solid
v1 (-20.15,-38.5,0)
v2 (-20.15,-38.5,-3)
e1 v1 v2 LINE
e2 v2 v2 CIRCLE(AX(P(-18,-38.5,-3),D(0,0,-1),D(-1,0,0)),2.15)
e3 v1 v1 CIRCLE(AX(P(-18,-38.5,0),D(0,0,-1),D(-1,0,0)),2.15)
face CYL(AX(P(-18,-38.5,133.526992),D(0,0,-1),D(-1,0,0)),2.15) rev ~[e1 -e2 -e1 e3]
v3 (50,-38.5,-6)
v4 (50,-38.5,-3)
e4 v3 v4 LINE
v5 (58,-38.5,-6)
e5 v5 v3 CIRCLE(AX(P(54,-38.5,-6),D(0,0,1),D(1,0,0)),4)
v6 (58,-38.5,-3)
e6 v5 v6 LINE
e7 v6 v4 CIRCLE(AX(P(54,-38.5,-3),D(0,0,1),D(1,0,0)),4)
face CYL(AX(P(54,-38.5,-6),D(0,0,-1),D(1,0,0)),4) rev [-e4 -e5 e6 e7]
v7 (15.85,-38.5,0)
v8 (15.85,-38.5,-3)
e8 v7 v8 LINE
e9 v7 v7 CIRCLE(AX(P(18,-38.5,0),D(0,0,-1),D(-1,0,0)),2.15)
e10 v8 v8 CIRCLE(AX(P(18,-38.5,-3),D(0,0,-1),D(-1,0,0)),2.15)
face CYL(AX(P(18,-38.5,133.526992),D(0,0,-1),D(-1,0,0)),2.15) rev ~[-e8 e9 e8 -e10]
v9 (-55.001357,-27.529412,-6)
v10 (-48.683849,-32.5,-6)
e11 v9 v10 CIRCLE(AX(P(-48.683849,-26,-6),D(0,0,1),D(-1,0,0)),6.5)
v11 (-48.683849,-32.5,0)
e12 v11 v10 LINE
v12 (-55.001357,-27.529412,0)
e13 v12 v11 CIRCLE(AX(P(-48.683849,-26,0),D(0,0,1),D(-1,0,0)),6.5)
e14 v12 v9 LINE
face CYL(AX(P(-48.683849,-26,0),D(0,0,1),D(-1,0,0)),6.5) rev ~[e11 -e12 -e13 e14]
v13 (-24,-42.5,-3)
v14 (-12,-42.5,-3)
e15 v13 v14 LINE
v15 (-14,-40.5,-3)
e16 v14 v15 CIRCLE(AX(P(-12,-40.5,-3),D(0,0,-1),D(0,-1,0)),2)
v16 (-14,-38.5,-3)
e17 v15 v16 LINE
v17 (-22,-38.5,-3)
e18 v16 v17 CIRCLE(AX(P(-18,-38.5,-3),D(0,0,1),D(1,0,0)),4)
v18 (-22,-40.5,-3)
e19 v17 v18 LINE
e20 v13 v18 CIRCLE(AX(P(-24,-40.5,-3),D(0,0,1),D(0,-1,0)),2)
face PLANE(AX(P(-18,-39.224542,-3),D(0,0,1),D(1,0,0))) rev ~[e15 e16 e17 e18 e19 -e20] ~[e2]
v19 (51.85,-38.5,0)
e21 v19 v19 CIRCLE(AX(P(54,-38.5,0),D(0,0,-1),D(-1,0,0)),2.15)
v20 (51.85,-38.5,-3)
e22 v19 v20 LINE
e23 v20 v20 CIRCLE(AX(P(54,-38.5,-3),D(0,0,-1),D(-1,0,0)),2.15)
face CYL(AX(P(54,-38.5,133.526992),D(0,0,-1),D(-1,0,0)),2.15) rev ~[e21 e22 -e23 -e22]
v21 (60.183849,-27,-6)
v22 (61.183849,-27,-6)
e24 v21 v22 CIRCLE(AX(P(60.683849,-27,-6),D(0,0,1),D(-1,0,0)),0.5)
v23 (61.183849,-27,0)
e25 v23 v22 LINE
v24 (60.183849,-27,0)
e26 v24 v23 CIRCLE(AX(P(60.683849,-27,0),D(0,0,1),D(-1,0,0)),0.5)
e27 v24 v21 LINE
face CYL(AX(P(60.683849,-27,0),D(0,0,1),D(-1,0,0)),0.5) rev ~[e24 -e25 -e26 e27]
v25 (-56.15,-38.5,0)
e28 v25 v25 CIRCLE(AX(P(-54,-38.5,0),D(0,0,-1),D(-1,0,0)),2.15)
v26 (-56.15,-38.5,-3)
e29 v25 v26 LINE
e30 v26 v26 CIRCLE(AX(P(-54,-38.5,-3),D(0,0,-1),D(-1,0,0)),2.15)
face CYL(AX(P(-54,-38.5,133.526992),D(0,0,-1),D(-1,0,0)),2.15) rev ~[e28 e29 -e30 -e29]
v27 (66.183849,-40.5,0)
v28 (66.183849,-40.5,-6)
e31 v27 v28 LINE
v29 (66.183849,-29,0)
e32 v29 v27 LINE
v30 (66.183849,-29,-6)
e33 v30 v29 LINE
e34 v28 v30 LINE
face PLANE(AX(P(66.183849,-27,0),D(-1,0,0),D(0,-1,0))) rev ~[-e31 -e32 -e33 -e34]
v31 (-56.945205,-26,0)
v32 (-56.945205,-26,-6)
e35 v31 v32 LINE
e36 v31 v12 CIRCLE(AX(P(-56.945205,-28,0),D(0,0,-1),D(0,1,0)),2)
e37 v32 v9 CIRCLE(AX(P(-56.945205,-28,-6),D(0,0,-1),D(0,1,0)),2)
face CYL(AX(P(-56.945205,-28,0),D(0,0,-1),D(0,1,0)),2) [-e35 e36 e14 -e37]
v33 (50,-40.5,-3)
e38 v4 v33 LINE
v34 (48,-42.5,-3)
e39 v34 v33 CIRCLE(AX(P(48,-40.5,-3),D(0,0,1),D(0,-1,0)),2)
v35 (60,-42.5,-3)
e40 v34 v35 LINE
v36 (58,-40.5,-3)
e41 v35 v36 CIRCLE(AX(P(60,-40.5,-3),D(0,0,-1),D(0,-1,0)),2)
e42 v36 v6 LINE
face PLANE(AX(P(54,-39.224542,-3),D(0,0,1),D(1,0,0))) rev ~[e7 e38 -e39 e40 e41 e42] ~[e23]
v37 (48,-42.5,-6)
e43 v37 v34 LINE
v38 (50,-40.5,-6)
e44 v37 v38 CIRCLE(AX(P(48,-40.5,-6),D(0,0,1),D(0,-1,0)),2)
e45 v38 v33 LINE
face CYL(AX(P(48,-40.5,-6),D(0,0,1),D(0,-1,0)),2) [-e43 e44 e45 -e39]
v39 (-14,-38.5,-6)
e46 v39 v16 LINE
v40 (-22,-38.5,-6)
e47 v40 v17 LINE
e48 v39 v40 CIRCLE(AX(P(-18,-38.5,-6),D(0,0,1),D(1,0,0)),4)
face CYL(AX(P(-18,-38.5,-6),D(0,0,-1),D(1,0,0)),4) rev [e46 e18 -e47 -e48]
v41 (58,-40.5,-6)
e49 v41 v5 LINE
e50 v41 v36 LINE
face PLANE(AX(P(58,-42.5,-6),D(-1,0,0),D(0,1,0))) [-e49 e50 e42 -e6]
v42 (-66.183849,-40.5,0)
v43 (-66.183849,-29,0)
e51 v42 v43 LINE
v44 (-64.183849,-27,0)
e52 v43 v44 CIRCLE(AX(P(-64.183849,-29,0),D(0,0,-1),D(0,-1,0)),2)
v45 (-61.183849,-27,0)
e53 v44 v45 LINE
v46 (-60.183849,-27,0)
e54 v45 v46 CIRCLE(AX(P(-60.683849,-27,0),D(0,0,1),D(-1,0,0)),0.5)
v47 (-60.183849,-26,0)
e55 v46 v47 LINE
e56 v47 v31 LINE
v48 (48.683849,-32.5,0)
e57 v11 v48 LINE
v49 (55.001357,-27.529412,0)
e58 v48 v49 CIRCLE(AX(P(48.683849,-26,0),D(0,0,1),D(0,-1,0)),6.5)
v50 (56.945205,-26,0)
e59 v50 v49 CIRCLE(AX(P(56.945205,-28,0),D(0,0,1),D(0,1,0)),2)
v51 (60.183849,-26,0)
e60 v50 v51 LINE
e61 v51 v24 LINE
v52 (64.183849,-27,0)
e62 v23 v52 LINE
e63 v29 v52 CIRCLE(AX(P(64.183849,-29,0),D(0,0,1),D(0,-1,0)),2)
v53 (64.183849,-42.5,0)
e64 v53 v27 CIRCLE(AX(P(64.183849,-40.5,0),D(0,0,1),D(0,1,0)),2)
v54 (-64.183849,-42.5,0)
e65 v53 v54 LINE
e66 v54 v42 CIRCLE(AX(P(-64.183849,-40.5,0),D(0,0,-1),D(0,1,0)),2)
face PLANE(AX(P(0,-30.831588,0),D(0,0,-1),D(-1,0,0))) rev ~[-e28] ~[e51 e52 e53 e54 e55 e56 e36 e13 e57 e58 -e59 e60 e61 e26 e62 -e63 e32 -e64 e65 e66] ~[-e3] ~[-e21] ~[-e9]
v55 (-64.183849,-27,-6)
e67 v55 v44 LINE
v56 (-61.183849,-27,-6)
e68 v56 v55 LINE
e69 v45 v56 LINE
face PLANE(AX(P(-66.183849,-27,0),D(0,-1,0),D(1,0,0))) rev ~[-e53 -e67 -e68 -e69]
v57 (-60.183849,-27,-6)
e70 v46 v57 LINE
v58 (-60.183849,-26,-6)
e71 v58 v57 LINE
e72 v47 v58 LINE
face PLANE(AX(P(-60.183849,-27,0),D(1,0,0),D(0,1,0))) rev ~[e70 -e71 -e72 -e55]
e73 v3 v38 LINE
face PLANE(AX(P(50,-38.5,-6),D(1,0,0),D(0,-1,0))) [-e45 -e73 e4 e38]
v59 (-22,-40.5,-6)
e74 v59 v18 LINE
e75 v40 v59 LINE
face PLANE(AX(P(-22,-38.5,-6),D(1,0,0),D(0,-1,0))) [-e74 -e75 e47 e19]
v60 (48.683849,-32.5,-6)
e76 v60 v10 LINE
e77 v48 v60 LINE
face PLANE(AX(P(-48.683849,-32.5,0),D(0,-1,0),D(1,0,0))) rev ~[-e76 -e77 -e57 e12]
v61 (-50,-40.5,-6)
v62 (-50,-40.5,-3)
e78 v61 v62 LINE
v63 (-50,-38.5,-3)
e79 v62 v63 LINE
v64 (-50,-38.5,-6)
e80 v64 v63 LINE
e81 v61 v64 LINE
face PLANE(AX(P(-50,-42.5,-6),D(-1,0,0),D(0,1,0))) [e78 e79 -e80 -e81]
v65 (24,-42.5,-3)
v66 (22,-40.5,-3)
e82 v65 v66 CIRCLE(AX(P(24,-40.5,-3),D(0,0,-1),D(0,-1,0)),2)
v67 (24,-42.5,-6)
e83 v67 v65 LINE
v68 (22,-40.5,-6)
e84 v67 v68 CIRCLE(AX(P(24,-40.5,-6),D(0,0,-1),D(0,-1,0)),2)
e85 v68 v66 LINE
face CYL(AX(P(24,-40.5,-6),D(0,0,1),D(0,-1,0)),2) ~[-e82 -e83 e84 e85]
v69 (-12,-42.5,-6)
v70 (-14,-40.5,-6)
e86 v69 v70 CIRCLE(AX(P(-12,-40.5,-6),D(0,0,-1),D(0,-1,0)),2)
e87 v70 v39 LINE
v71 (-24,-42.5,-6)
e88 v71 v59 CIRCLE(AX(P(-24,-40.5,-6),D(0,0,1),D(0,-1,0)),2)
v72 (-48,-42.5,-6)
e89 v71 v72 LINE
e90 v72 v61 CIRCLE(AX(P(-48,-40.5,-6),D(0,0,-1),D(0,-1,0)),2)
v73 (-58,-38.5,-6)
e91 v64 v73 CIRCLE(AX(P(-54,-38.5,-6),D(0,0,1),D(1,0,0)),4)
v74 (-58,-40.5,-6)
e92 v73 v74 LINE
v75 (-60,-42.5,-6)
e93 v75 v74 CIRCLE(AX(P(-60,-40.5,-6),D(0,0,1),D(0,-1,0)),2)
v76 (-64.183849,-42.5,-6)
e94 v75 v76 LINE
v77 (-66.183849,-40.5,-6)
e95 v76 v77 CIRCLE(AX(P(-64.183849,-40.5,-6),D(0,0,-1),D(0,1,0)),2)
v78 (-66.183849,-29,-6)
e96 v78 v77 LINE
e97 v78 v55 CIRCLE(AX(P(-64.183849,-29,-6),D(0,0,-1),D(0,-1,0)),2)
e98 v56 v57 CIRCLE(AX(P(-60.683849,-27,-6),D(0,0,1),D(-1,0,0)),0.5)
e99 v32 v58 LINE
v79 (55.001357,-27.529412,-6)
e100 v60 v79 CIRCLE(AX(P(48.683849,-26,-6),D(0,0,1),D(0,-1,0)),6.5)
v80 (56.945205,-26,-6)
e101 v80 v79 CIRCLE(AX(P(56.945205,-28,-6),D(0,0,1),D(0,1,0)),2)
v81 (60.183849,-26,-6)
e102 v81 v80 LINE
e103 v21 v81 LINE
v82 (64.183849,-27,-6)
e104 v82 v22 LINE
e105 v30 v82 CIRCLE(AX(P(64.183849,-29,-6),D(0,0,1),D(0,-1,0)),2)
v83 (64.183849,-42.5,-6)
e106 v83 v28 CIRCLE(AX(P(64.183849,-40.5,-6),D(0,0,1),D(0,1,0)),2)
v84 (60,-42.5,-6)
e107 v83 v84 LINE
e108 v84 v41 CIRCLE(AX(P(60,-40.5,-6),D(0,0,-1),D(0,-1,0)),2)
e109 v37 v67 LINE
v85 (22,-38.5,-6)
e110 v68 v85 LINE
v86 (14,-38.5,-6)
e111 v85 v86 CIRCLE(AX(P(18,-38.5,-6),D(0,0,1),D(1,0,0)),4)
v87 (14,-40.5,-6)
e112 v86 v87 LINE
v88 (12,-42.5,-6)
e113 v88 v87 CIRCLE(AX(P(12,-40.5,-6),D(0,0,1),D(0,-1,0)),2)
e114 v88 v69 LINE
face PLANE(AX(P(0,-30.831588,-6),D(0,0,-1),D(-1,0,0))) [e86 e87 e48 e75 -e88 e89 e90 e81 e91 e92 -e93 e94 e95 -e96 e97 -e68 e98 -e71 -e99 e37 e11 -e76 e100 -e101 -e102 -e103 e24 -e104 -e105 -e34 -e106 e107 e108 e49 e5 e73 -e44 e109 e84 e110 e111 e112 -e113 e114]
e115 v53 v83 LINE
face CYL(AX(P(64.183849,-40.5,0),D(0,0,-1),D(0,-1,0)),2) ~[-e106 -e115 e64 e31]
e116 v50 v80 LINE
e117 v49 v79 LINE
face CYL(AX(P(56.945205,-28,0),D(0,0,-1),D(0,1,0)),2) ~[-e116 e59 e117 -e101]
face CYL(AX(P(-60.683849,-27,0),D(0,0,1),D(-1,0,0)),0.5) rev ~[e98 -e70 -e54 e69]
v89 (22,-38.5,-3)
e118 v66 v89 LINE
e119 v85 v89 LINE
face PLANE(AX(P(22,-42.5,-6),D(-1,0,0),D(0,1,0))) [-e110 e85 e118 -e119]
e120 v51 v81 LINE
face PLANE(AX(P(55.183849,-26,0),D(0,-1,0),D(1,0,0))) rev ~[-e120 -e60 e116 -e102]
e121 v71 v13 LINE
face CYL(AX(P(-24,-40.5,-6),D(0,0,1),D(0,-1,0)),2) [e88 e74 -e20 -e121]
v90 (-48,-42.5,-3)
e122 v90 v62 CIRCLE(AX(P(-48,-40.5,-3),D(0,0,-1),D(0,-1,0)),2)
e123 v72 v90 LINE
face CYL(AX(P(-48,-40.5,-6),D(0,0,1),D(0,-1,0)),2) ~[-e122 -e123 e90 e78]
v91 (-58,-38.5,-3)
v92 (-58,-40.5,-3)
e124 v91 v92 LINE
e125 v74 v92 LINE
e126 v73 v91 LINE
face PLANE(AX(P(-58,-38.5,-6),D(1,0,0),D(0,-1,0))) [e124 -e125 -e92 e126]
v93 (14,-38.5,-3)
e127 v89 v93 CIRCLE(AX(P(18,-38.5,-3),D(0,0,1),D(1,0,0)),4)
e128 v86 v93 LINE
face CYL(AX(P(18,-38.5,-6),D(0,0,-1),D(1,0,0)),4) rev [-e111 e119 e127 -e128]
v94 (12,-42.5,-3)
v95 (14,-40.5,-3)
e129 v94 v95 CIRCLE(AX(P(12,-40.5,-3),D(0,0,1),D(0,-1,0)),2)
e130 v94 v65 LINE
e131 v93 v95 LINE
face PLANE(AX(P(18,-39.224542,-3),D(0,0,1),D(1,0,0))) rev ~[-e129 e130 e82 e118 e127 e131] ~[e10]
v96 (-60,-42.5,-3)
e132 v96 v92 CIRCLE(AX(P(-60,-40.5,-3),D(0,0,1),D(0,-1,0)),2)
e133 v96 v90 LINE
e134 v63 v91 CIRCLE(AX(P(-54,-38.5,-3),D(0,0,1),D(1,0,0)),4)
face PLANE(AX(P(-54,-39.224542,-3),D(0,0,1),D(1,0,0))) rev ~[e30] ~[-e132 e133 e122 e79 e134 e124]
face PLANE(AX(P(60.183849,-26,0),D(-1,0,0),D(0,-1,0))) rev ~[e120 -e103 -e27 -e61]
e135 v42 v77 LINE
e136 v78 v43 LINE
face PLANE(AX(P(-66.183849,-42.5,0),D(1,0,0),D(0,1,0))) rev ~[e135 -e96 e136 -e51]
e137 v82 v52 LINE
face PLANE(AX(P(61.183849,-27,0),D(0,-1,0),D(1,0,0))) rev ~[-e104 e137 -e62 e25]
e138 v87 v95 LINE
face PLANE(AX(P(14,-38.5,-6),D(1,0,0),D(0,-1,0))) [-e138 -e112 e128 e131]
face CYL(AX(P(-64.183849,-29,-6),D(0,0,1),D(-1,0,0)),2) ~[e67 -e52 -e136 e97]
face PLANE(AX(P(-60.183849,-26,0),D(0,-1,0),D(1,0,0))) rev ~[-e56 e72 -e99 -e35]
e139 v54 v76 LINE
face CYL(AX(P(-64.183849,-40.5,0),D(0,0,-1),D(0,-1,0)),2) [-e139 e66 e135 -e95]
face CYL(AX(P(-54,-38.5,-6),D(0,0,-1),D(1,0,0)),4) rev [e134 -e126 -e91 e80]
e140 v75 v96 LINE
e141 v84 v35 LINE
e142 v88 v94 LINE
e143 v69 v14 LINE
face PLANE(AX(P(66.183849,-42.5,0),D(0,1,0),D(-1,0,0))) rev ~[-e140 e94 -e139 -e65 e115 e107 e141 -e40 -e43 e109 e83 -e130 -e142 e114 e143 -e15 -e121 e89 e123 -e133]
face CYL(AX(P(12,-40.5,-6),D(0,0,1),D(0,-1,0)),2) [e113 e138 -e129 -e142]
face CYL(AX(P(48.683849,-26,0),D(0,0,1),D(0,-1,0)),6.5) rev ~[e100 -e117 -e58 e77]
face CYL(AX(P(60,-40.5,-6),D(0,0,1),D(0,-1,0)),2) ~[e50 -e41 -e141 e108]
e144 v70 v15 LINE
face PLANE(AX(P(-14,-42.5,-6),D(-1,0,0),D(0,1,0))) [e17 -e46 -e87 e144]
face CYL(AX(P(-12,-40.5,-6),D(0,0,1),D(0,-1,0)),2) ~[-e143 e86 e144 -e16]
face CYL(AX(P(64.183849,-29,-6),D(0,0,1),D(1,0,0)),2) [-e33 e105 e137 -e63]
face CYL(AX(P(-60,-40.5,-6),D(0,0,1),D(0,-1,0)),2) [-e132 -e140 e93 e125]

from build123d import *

# Parameters (mm, degrees)
EXTRUDE_1_DEPTH     = 6
CUT_EXTRUDE_START   = -6
CUT_EXTRUDE_1_DEPTH = 1
CUT_EXTRUDE_3_DEPTH = 3
SKETCH_5_OUTSIDE_W  = 281.366
SKETCH_5_OUTSIDE_H  = 83.498
CUT_EXTRUDE_2_DEPTH = 124.858535656
HOLE_WIZARD_M4_1_D  = 4.3
FILLET_3_R          = 2


with BuildPart() as part:
    # ｽｹｯﾁ1 → ﾎﾞｽ - 押し出し1 (new body)
    with BuildSketch(Plane.XY):
        with BuildLine():
            Line((-74.445215618, -8), (-65.183849372, -8))
            ThreePointArc((-65.183849372, -8), (-59.472431605, -21.788582233), (-45.683849372, -27.5))
            Line((-45.683849372, -27.5), (45.683849372, -27.5))
            ThreePointArc((45.683849372, -27.5), (59.472431605, -21.788582233), (65.183849372, -8))
            Line((65.183849372, -8), (74.445215618, -8))
            ThreePointArc((74.445215618, -8), (83.886790831, -21.023796042), (99.183849372, -26))
            Line((99.183849372, -26), (116.183849372, -26))
            Line((116.183849372, -26), (116.183849372, -34))
            Line((116.183849372, -34), (66.183849372, -42.5))
            Line((66.183849372, -42.5), (-66.183849372, -42.5))
            Line((-66.183849372, -42.5), (-116.183849372, -34))
            Line((-116.183849372, -34), (-116.183849372, -26))
            Line((-116.183849372, -26), (-99.183849372, -26))
            ThreePointArc((-99.183849372, -26), (-83.886790831, -21.023796042), (-74.445215618, -8))
        make_face()
    extrude(amount=-EXTRUDE_1_DEPTH)

    # ｽｹｯﾁ1<5> → ｶｯﾄ - 押し出し1 (cut)
    with BuildSketch(Plane.XY.offset(CUT_EXTRUDE_START)):
        with BuildLine():
            Line((-66.183849372, -8), (-72.183849372, -8))
            Line((-72.183849372, -8), (-72.183849372, -27))
            Line((-72.183849372, -27), (-116.183849372, -27))
            Line((-116.183849372, -27), (-116.183849372, -33))
            Line((-116.183849372, -33), (-72.183849372, -33))
            Line((-72.183849372, -33), (-72.183849372, -34))
            ThreePointArc((-72.183849372, -34), (-71.183849372, -35), (-70.183849372, -34))
            Line((-70.183849372, -34), (-68.183849372, -34))
            ThreePointArc((-68.183849372, -34), (-67.183849372, -35), (-66.183849372, -34))
            Line((-66.183849372, -34), (-66.183849372, -8))
        make_face()
        with BuildLine():
            Line((72.183849372, -8), (66.183849372, -8))
            Line((66.183849372, -8), (66.183849372, -34))
            ThreePointArc((66.183849372, -34), (67.183849372, -35), (68.183849372, -34))
            Line((68.183849372, -34), (70.183849372, -34))
            ThreePointArc((70.183849372, -34), (71.183849372, -35), (72.183849372, -34))
            Line((72.183849372, -34), (72.183849372, -33))
            Line((72.183849372, -33), (116.183849372, -33))
            Line((116.183849372, -33), (116.183849372, -27))
            Line((116.183849372, -27), (72.183849372, -27))
            Line((72.183849372, -27), (72.183849372, -8))
        make_face()
    extrude(amount=CUT_EXTRUDE_1_DEPTH, mode=Mode.SUBTRACT)

    # ｽｹｯﾁ1<6> → ｶｯﾄ - 押し出し3 (cut)
    with BuildSketch(Plane.XY.offset(CUT_EXTRUDE_START)):
        with BuildLine():
            Line((-58, -38.5), (-58, -42.5))
            Line((-58, -42.5), (-50, -42.5))
            Line((-50, -42.5), (-50, -38.5))
            ThreePointArc((-50, -38.5), (-54, -34.5), (-58, -38.5))
        make_face()
        with BuildLine():
            Line((-22, -38.5), (-22, -42.5))
            Line((-22, -42.5), (-14, -42.5))
            Line((-14, -42.5), (-14, -38.5))
            ThreePointArc((-14, -38.5), (-18, -34.5), (-22, -38.5))
        make_face()
        with BuildLine():
            Line((14, -38.5), (14, -42.5))
            Line((14, -42.5), (22, -42.5))
            Line((22, -42.5), (22, -38.5))
            ThreePointArc((22, -38.5), (18, -34.5), (14, -38.5))
        make_face()
        with BuildLine():
            Line((50, -38.5), (50, -42.5))
            Line((50, -42.5), (58, -42.5))
            Line((58, -42.5), (58, -38.5))
            ThreePointArc((58, -38.5), (54, -34.5), (50, -38.5))
        make_face()
    extrude(amount=CUT_EXTRUDE_3_DEPTH, mode=Mode.SUBTRACT)

    # ｽｹｯﾁ5 outside → ｶｯﾄ - 押し出し2 (cut, through all)
    with BuildSketch(Plane.XY):
        with Locations((0, -25.25)):
            Rectangle(SKETCH_5_OUTSIDE_W, SKETCH_5_OUTSIDE_H)
        with BuildLine():
            Line((-66.183849372, -27), (-61.183849372, -27))
            ThreePointArc((-61.183849372, -27), (-60.683849372, -27.5), (-60.183849372, -27))
            Line((-60.183849372, -27), (-60.183849372, -26))
            Line((-60.183849372, -26), (-55.183849372, -26))
            ThreePointArc((-55.183849372, -26), (-53.28004345, -30.596194078), (-48.683849372, -32.5))
            Line((-48.683849372, -32.5), (48.683849372, -32.5))
            ThreePointArc((48.683849372, -32.5), (53.28004345, -30.596194078), (55.183849372, -26))
            Line((55.183849372, -26), (60.183849372, -26))
            Line((60.183849372, -26), (60.183849372, -27))
            ThreePointArc((60.183849372, -27), (60.683849372, -27.5), (61.183849372, -27))
            Line((61.183849372, -27), (66.183849372, -27))
            Line((66.183849372, -27), (66.183849372, -42.5))
            Line((66.183849372, -42.5), (-66.183849372, -42.5))
            Line((-66.183849372, -42.5), (-66.183849372, -27))
        make_face(mode=Mode.SUBTRACT)
    extrude(amount=-CUT_EXTRUDE_2_DEPTH, mode=Mode.SUBTRACT)

    # M4 すきま穴1 (through all)
    with Locations(Plane(origin=(-54, -38.5, 0), x_dir=(1, 0, 0), z_dir=(0, 0, 1))):
        with Locations((0, 0), (36, 0), (72, 0), (108, 0)):
            Hole(HOLE_WIZARD_M4_1_D / 2)

    # ﾌｨﾚｯﾄ3
    fillet_3_edges = [part.edges().sort_by_distance(p)[0] for p in [
        (-58, -42.5, -4.5),
        (-50, -42.5, -4.5),
        (-22, -42.5, -4.5),
        (-14, -42.5, -4.5),
        (14, -42.5, -4.5),
        (22, -42.5, -4.5),
        (50, -42.5, -4.5),
        (58, -42.5, -4.5),
        (-66.183849372, -27, -3),
        (-55.183849372, -26, -3),
        (55.183849372, -26, -3),
        (66.183849372, -27, -3),
        (-66.183849372, -42.5, -3),
        (66.183849372, -42.5, -3),
    ]]
    fillet(fillet_3_edges, radius=FILLET_3_R)


solid = part.part
